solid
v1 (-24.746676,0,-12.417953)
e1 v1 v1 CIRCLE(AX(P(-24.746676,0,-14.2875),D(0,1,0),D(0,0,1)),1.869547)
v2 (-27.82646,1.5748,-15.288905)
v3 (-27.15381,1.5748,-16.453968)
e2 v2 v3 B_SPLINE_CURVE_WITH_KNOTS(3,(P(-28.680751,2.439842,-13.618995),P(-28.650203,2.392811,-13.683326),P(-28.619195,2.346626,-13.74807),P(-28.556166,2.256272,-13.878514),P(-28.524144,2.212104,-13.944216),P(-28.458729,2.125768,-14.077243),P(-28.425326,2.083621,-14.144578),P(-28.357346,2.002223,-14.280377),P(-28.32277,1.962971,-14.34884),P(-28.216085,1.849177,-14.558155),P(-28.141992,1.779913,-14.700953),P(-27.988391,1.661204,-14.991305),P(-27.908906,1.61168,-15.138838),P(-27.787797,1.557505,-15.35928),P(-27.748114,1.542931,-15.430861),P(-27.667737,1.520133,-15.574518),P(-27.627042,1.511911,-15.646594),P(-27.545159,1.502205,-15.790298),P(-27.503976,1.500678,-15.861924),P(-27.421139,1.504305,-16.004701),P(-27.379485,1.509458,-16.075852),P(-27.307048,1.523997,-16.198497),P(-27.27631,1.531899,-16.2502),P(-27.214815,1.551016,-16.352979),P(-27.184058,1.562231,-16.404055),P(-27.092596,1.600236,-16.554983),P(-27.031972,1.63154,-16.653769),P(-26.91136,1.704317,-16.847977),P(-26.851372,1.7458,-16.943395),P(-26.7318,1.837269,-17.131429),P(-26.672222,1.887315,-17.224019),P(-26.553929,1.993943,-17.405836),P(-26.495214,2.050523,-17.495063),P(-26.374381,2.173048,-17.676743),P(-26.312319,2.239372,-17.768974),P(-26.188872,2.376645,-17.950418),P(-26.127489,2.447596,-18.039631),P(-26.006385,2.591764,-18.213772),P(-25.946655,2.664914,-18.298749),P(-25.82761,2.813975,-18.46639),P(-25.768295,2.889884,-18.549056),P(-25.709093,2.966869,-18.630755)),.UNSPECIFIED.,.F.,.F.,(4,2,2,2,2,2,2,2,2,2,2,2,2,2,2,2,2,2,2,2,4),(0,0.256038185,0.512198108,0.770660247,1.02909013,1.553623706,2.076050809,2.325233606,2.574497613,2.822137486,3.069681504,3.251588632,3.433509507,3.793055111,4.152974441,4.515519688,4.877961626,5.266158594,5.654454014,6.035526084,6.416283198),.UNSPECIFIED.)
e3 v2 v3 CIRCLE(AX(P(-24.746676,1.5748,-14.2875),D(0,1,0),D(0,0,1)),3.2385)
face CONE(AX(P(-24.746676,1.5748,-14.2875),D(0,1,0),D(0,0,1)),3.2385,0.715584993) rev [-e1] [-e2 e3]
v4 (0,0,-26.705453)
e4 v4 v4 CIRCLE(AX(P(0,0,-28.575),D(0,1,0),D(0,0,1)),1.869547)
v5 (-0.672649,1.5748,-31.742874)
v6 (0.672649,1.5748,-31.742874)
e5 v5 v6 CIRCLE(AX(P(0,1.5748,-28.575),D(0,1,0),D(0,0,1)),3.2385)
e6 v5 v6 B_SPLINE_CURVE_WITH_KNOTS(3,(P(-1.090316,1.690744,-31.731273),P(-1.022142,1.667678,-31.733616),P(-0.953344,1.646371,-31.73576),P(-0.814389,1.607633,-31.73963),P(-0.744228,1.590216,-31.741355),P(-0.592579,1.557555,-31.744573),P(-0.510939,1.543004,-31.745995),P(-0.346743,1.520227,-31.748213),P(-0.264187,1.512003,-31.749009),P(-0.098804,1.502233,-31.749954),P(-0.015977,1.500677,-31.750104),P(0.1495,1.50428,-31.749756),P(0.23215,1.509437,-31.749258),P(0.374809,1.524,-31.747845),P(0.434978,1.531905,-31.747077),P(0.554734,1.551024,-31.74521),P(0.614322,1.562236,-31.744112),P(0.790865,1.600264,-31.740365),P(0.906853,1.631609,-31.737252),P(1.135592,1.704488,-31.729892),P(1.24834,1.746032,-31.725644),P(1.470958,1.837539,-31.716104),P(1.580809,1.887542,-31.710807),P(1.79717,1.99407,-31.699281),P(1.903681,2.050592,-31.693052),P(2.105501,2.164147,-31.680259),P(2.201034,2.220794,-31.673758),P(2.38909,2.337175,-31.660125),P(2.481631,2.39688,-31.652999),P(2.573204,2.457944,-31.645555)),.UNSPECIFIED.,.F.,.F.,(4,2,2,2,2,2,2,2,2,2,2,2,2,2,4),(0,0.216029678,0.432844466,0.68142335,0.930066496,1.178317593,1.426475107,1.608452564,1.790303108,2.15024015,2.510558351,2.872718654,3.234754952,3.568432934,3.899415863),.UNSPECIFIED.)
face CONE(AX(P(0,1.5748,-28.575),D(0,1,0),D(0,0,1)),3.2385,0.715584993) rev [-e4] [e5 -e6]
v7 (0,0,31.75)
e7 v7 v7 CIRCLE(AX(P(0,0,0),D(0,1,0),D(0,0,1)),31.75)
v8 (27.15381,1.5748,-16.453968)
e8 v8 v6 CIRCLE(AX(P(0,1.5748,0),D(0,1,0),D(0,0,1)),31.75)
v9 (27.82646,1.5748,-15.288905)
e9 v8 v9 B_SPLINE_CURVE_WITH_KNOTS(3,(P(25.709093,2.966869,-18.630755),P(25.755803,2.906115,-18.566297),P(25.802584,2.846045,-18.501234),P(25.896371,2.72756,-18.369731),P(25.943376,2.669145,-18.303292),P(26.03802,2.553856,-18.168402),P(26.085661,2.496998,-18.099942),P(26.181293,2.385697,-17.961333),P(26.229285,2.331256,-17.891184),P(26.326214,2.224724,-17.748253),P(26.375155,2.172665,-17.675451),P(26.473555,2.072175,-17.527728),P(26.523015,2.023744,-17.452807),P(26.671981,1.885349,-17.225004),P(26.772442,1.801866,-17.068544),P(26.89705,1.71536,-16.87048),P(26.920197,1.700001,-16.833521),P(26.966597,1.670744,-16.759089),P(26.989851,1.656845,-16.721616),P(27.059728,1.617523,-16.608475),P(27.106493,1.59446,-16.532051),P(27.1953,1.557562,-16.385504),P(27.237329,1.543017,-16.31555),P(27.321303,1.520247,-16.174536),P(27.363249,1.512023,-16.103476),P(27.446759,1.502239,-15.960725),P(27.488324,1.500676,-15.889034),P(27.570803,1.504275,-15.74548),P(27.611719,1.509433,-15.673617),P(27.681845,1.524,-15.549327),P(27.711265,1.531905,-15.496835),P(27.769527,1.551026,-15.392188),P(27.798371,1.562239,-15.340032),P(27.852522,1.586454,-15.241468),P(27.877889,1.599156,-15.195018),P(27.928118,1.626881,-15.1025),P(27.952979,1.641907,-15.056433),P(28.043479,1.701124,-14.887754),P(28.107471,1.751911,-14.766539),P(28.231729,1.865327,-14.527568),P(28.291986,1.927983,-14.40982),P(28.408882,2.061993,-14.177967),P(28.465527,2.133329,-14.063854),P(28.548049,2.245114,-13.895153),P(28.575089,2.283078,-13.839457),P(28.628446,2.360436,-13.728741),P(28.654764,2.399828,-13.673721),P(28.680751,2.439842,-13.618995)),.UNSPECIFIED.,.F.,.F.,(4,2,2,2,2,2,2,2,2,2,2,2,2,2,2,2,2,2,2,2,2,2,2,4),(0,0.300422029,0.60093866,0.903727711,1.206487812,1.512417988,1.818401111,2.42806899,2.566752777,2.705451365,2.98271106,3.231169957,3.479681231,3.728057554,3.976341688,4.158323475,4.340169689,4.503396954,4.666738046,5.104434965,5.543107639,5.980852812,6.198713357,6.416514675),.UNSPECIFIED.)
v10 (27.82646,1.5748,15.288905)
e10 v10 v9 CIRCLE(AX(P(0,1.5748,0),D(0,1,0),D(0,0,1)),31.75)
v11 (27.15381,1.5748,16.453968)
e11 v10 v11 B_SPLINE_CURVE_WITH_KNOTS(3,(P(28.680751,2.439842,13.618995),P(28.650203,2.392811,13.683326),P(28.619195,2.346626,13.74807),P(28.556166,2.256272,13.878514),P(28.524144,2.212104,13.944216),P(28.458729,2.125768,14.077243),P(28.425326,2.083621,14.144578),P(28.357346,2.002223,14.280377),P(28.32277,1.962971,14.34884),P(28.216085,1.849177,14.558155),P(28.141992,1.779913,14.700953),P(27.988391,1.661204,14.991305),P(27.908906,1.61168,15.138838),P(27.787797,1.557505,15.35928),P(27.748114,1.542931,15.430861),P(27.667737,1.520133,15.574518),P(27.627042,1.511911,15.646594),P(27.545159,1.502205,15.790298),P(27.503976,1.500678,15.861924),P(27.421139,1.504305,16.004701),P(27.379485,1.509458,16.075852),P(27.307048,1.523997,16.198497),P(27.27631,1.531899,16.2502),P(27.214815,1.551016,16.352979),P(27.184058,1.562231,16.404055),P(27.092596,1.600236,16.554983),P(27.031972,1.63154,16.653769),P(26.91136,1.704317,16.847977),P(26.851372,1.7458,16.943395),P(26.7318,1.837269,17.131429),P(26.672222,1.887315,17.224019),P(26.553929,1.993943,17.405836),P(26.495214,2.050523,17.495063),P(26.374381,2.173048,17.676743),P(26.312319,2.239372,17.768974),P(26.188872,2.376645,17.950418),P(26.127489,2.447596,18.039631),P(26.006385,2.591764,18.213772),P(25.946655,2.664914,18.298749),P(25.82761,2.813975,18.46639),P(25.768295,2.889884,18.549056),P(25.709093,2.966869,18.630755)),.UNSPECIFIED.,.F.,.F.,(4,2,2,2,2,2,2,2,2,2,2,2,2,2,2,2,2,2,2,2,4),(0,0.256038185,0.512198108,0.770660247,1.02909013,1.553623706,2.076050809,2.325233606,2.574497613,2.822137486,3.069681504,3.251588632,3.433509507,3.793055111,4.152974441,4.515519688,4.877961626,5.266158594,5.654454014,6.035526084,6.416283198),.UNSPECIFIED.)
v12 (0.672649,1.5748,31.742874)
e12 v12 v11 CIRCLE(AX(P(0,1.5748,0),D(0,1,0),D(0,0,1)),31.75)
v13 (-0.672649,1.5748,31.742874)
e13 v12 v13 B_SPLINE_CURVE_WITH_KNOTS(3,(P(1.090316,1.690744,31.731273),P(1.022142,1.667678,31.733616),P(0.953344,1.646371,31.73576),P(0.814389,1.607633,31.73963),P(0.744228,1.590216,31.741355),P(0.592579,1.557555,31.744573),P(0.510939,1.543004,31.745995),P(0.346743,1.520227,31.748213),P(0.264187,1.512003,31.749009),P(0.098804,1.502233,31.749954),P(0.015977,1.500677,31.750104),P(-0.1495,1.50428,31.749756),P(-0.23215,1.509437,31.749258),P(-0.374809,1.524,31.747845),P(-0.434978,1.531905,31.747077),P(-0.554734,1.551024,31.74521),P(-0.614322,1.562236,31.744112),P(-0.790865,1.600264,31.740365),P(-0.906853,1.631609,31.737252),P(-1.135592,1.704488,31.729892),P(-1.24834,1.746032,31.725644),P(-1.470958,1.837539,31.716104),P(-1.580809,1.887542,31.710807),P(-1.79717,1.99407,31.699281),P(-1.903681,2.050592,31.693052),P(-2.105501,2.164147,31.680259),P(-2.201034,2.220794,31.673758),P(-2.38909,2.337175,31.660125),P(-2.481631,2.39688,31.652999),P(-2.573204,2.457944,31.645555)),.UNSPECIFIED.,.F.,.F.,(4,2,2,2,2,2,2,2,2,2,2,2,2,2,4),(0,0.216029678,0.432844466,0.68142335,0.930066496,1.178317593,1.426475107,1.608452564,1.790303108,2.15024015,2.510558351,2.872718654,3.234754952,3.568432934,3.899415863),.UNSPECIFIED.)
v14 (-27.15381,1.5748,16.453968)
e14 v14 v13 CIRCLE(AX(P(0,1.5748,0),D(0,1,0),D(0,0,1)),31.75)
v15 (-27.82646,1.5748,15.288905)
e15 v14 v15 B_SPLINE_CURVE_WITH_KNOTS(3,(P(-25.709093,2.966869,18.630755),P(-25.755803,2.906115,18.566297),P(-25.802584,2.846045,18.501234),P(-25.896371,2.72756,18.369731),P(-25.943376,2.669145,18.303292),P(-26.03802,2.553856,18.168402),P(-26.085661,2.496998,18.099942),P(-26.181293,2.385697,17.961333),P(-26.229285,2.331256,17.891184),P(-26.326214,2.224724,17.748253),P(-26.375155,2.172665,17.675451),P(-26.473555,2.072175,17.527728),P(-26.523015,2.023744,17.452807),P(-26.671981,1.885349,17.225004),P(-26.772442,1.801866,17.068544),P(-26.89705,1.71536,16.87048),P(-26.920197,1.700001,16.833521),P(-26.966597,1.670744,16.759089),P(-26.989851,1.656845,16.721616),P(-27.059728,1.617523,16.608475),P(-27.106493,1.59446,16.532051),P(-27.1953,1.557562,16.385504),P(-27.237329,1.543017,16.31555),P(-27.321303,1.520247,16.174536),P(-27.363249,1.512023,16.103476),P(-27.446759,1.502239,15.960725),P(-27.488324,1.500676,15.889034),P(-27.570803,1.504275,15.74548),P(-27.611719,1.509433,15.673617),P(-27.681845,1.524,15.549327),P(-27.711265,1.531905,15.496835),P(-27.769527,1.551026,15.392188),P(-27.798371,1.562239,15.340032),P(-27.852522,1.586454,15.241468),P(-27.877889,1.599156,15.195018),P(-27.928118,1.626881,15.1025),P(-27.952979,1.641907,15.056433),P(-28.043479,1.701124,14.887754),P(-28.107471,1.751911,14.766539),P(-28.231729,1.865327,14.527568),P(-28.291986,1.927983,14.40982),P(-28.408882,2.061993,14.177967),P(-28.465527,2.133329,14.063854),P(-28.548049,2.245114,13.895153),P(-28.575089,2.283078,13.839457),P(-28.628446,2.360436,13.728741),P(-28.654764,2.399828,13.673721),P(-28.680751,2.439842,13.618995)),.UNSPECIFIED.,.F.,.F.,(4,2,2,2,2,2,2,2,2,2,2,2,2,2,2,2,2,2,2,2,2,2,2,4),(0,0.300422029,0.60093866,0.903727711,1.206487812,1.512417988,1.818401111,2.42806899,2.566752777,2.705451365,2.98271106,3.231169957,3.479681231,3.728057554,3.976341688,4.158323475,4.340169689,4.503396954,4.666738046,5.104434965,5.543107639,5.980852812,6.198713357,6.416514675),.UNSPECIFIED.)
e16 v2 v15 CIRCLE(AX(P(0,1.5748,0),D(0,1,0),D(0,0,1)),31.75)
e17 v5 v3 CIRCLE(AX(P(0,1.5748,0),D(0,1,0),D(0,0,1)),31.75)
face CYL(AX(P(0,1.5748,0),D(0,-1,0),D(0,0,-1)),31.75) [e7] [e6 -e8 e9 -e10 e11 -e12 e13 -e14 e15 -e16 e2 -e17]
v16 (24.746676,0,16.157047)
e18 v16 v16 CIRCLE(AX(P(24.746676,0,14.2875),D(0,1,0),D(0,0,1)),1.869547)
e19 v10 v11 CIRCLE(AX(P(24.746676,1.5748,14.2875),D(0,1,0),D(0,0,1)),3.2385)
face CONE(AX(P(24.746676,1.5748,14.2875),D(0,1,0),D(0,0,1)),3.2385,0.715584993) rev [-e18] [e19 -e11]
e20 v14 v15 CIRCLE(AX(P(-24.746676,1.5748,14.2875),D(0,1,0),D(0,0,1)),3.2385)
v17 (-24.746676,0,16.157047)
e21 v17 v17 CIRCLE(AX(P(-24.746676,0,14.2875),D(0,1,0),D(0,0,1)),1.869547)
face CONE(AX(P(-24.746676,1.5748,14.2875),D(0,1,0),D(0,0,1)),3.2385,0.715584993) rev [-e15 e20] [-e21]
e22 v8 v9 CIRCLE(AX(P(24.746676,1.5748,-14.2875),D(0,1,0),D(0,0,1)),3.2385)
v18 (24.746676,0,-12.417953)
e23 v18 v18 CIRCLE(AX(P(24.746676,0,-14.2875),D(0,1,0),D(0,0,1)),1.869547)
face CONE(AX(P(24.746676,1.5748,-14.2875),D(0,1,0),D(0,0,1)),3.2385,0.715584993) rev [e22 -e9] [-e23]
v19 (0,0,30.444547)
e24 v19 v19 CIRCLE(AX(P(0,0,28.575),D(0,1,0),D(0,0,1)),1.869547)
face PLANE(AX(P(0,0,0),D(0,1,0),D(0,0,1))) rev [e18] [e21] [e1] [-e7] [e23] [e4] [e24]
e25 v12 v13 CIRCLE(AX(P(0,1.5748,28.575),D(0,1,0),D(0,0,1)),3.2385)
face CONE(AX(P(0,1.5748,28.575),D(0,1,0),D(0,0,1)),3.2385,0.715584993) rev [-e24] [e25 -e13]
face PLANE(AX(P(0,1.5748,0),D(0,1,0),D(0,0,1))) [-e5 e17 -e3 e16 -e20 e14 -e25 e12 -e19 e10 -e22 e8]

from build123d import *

# Parameters (mm, degrees)
SKETCH1_R                                     = 31.75
BOSS_EXTRUDE1_DEPTH                           = 1.5748
CSK_FOR_4_FLAT_HEAD_SOCKET_CAP_SCREW1_A_COUNT = 2
CSK_FOR_4_FLAT_HEAD_SOCKET_CAP_SCREW1_A_PITCH = 28.575
CSK_FOR_4_FLAT_HEAD_SOCKET_CAP_SCRE_2_COUNT   = 2
CSK_FOR_4_FLAT_HEAD_SOCKET_CAP_SCRE_2_PITCH   = 49.493351826
CSK_FOR_4_FLAT_HEAD_SOCKET_CAP_SCRE_3_COUNT   = 2
CSK_FOR_4_FLAT_HEAD_SOCKET_CAP_SCRE_3_PITCH   = 57.15
CSK_FOR_4_FLAT_HEAD_SOCKET_CAP_SCRE_4_COUNT   = 2
CSK_FOR_4_FLAT_HEAD_SOCKET_CAP_SCRE_4_PITCH   = 49.493351826
CSK_FOR_4_FLAT_HEAD_SOCKET_CAP_SCRE_5_COUNT   = 2
CSK_FOR_4_FLAT_HEAD_SOCKET_CAP_SCRE_5_PITCH   = 28.575


with BuildPart() as part:
    # Sketch1 → Boss-Extrude1 (new body)
    with BuildSketch(Plane(origin=(0, 0, 0), x_dir=(1, 0, 0), z_dir=(0, 1, 0))):
        with Locations(Location((0, 0, 0), (0, 0, 270))):
            Circle(SKETCH1_R)
    extrude(amount=BOSS_EXTRUDE1_DEPTH)

    # Sketch2 → CSK for #4 Flat Head Socket Cap Screw1 (revolve, cut)
    with BuildSketch(Plane(origin=(0, 1.5748, 28.575), x_dir=(0, 0, 1), z_dir=(1, 0, 0))):
        Polygon((0, 0), (0, 1.5748), (1.63195, 1.5748), (1.63195, 1.848124365), (3.2385, 0), align=None)
    csk_for_4_flat_head_socket_cap_screw1 = revolve(axis=Axis((0, 7.9248, 28.575), (0, -1, 0)), mode=Mode.SUBTRACT)

    # CSK for #4 Flat Head Socket Cap Screw1 a: CSK for #4 Flat Head Socket Cap Screw1 ×2
    with Locations(*[Vector(-0.8660254037844382, 0, -0.5000000000000009) * (i * CSK_FOR_4_FLAT_HEAD_SOCKET_CAP_SCREW1_A_PITCH) for i in range(1, CSK_FOR_4_FLAT_HEAD_SOCKET_CAP_SCREW1_A_COUNT)]):
        add(csk_for_4_flat_head_socket_cap_screw1, mode=Mode.SUBTRACT)

    # CSK for _4 Flat Head Socket Cap Scre 2: CSK for #4 Flat Head Socket Cap Screw1 ×2
    with Locations(*[Vector(-0.5000000000000123, 0, -0.8660254037844316) * (i * CSK_FOR_4_FLAT_HEAD_SOCKET_CAP_SCRE_2_PITCH) for i in range(1, CSK_FOR_4_FLAT_HEAD_SOCKET_CAP_SCRE_2_COUNT)]):
        add(csk_for_4_flat_head_socket_cap_screw1, mode=Mode.SUBTRACT)

    # CSK for _4 Flat Head Socket Cap Scre 3: CSK for #4 Flat Head Socket Cap Screw1 ×2
    with Locations(*[(0, 0, -i * CSK_FOR_4_FLAT_HEAD_SOCKET_CAP_SCRE_3_PITCH) for i in range(1, CSK_FOR_4_FLAT_HEAD_SOCKET_CAP_SCRE_3_COUNT)]):
        add(csk_for_4_flat_head_socket_cap_screw1, mode=Mode.SUBTRACT)

    # CSK for _4 Flat Head Socket Cap Scre 4: CSK for #4 Flat Head Socket Cap Screw1 ×2
    with Locations(*[Vector(0.4999999999999877, 0, -0.8660254037844458) * (i * CSK_FOR_4_FLAT_HEAD_SOCKET_CAP_SCRE_4_PITCH) for i in range(1, CSK_FOR_4_FLAT_HEAD_SOCKET_CAP_SCRE_4_COUNT)]):
        add(csk_for_4_flat_head_socket_cap_screw1, mode=Mode.SUBTRACT)

    # CSK for _4 Flat Head Socket Cap Scre 5: CSK for #4 Flat Head Socket Cap Screw1 ×2
    with Locations(*[Vector(0.8660254037844416, 0, -0.499999999999995) * (i * CSK_FOR_4_FLAT_HEAD_SOCKET_CAP_SCRE_5_PITCH) for i in range(1, CSK_FOR_4_FLAT_HEAD_SOCKET_CAP_SCRE_5_COUNT)]):
        add(csk_for_4_flat_head_socket_cap_screw1, mode=Mode.SUBTRACT)


solid = part.part
